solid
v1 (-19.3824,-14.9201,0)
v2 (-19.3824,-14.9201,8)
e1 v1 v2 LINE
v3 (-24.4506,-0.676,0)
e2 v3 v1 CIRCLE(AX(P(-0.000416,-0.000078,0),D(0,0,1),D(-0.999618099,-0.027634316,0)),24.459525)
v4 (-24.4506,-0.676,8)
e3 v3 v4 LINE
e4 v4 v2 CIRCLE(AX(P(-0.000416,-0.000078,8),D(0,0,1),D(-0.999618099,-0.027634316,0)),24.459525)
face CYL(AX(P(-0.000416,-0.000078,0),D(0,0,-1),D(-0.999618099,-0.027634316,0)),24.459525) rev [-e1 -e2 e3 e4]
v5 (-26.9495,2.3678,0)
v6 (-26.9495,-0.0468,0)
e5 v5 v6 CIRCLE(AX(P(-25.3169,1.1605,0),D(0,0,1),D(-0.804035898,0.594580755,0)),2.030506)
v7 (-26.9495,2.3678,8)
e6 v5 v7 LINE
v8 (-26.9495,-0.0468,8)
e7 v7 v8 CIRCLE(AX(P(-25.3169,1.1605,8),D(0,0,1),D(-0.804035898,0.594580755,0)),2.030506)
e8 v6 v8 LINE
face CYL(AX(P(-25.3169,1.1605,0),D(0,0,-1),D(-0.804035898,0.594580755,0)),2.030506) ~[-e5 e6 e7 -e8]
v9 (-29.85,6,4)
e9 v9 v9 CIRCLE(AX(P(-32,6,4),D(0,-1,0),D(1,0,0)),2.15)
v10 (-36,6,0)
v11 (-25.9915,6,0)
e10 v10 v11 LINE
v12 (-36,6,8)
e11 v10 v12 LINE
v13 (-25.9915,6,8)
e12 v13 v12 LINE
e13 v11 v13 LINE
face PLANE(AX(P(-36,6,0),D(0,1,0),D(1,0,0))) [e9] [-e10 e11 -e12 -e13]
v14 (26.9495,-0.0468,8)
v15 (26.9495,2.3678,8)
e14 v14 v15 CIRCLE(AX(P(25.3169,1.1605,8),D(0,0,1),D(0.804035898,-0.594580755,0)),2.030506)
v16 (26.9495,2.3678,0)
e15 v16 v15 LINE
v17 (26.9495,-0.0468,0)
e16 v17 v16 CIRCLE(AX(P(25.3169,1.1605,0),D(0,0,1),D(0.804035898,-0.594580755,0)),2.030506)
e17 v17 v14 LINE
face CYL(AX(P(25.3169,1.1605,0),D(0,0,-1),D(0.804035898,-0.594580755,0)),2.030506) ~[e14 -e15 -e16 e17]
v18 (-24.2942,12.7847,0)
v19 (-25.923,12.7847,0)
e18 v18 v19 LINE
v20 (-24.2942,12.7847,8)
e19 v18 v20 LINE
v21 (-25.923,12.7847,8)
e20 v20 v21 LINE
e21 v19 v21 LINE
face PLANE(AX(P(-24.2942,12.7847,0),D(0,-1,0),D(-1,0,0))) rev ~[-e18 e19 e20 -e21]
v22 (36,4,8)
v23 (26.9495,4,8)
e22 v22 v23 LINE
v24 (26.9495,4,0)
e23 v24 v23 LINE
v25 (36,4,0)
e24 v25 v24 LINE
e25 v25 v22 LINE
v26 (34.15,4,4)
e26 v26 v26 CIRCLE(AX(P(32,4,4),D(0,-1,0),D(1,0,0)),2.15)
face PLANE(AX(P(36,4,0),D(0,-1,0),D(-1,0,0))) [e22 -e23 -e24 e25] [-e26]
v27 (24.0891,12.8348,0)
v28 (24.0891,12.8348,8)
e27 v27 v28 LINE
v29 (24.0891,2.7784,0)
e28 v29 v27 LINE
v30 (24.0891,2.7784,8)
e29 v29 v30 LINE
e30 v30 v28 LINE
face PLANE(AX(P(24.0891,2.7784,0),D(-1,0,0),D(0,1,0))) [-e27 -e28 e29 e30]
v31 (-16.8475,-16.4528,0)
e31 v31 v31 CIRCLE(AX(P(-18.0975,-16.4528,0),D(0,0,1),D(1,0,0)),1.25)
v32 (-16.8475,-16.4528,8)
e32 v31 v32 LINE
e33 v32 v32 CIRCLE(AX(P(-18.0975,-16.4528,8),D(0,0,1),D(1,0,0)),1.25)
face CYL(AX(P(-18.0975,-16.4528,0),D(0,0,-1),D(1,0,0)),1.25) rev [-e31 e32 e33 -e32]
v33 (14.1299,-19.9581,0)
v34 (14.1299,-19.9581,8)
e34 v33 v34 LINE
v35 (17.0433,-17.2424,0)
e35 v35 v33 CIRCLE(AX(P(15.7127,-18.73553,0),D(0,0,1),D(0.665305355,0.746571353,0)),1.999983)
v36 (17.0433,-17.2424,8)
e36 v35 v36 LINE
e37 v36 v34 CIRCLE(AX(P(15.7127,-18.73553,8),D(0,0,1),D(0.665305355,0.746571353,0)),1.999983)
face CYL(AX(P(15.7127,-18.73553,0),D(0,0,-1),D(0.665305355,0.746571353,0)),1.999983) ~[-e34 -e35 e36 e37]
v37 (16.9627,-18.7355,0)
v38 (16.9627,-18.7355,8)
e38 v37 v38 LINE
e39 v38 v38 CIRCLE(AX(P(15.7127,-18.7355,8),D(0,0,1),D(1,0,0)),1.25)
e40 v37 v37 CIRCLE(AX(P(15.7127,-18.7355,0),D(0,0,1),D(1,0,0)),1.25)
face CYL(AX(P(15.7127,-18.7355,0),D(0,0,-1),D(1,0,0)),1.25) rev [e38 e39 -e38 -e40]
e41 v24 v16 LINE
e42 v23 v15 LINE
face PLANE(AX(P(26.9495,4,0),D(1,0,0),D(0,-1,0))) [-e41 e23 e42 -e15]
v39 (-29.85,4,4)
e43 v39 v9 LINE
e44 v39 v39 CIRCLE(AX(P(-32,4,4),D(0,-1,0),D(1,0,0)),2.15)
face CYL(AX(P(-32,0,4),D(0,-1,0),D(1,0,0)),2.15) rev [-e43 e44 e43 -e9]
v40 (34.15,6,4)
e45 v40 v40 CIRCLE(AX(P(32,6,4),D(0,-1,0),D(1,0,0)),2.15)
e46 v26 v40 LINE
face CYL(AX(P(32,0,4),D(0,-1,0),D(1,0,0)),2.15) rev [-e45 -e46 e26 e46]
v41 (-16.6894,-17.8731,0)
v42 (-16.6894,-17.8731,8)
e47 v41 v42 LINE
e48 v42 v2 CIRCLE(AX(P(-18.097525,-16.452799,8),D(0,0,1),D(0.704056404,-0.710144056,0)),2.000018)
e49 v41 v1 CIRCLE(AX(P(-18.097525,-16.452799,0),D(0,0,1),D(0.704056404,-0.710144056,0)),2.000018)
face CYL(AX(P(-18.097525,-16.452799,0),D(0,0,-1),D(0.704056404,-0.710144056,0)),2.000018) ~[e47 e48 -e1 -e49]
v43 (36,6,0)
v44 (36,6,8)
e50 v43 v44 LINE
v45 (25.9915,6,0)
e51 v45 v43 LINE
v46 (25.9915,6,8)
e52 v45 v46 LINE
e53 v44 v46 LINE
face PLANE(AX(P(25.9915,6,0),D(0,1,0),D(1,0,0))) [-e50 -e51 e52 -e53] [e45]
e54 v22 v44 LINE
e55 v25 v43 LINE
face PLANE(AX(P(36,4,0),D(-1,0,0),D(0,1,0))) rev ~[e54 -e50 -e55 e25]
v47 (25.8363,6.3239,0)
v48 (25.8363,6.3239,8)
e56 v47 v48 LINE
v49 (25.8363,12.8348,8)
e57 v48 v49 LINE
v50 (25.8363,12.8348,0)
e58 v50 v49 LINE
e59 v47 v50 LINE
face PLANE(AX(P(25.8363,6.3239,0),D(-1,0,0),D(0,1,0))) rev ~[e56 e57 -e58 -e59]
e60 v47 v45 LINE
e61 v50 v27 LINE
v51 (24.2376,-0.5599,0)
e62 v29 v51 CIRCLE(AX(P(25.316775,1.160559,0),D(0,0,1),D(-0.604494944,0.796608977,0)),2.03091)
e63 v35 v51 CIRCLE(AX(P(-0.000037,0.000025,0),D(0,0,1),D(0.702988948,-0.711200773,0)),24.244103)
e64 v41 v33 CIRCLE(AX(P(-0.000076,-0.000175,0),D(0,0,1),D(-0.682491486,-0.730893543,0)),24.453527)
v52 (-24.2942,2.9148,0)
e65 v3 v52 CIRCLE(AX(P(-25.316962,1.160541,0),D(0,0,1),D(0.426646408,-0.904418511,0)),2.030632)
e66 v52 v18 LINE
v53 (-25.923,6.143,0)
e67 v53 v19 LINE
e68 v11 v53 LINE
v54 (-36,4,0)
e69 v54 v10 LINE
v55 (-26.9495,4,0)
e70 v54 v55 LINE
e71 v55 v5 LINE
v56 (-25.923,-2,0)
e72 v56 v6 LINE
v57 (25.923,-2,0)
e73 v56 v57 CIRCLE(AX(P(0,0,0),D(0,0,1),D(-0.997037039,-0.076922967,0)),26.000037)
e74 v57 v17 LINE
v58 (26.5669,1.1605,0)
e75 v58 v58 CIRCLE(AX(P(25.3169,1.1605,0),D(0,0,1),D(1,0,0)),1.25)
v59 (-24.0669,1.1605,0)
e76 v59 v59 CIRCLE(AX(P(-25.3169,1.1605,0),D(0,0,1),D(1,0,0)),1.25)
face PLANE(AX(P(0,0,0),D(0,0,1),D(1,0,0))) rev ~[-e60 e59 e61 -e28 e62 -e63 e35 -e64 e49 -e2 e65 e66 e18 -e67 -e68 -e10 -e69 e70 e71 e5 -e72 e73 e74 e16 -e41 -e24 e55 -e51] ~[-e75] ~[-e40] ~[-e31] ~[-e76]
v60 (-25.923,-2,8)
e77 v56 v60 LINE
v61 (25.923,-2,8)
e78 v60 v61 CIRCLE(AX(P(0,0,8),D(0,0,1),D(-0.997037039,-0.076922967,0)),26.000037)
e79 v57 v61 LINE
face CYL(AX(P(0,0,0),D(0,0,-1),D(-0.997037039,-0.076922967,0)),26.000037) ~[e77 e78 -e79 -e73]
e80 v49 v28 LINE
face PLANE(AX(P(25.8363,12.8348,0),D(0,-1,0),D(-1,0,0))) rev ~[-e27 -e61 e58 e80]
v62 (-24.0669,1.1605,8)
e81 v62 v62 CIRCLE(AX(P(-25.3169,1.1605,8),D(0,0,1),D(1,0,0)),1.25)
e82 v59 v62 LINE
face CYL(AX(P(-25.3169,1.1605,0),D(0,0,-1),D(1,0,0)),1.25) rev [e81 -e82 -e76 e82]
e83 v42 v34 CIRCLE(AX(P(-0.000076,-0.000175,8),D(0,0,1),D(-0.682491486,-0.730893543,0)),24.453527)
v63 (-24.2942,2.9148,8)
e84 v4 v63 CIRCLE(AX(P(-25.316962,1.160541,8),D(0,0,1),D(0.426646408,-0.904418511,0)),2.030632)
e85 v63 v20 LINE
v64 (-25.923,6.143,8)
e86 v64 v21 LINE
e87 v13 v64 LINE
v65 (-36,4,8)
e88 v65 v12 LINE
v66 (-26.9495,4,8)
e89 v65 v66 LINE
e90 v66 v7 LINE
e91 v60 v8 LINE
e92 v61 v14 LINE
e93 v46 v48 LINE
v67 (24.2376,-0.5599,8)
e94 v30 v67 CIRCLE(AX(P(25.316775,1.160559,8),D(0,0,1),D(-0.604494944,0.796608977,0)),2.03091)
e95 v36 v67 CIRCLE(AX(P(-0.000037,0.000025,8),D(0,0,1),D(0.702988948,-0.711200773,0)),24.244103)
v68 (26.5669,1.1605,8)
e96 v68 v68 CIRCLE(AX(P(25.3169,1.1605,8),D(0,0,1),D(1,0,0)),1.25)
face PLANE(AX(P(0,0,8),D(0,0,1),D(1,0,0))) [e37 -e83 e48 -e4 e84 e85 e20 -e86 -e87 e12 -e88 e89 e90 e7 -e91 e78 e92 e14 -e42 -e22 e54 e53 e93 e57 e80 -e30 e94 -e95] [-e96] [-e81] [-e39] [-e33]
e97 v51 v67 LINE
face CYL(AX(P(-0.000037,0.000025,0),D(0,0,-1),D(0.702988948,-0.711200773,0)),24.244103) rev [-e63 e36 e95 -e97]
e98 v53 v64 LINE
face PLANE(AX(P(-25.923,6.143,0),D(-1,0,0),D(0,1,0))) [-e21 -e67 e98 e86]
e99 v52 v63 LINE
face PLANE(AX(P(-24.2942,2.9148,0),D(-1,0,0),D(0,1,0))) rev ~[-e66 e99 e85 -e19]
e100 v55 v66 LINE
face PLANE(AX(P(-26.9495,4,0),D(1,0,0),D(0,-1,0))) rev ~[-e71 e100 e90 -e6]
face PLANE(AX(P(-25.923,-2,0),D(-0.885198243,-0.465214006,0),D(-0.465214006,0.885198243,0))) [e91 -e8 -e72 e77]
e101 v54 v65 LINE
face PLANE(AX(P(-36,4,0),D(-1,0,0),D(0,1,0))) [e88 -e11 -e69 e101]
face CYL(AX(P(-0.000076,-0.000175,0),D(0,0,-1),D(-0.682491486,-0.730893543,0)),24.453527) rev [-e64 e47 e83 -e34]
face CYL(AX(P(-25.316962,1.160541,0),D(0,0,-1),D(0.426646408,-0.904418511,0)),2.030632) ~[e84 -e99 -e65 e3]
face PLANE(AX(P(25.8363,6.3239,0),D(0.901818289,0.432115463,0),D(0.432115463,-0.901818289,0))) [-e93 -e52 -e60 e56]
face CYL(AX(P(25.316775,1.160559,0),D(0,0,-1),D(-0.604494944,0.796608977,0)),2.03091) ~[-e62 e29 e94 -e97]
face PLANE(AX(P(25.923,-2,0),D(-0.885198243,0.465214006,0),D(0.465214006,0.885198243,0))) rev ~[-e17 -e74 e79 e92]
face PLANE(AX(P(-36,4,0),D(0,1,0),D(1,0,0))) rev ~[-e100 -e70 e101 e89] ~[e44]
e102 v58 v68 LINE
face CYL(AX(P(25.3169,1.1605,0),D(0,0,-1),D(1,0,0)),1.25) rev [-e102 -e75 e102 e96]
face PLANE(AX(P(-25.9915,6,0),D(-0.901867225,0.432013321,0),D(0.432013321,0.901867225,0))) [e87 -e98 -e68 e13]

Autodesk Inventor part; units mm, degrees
ref_plane "YZ Plane" through (0, 0, 0) normal (1, 0, 0) x (0, 1, 0)
ref_plane "XZ Plane" through (0, 0, 0) normal (0, 1, 0) x (-1, 0, 0)
ref_plane "XY Plane" through (0, 0, 0) normal (0, 0, 1) x (1, 0, 0)
sketch "Esquisse1" plane through (0, 0, 0) normal (0, 0, 1) x (1, 0, 0)
  line L0 (0, 0) -> (-27.546, -25.0426) construction
  line L1 (0, 0) -> (23.0277, -27.4577) construction
  circle A0 centre (-18.0975, -16.4528) radius 1.25
  circle A1 centre (15.7127, -18.7355) radius 1.25
  arc A2 (-16.6894, -17.8731) -> (14.1299, -19.9581) centre (0, 0) ccw
  arc A3 (-16.6894, -17.8731) -> (-19.3824, -14.9201) centre (-18.0975, -16.4528) ccw
  arc A4 (17.0433, -17.2424) -> (14.1299, -19.9581) centre (15.7127, -18.7355) ccw
  line L2 (0, 0) -> (-29.5508, 10.7556) construction
  line L3 (-17.8311, 0) -> (17.1748, 0) construction
  line L4 (0, 2.0526) -> (0, -2.2236) construction
  arc A5 (-25.923, -2) -> (25.923, -2) centre (0, 0) ccw
  circle A6 centre (0, 0) radius 22.5 construction
  arc A7 (-16.6894, -17.8731) -> (14.1299, -19.9581) centre (0, 0) ccw
  arc A8 (-16.6894, -17.8731) -> (14.1299, -19.9581) centre (0, 0) ccw
  circle A9 centre (-25.3169, 1.1605) radius 1.25
  circle A10 centre (25.3169, 1.1605) radius 1.25
  line L5 (24.0891, 2.7784) -> (24.0891, 12.8348)
  line L6 (25.8363, 12.8348) -> (24.0891, 12.8348)
  line L7 (-25.923, 6.143) -> (-25.923, 12.7847)
  line L8 (-24.2942, 2.9148) -> (-24.2942, 12.7847)
  line L9 (-24.2942, 12.7847) -> (-25.923, 12.7847)
  arc A11 (-24.4506, -0.676) -> (-19.3824, -14.9201) centre (0, 0) ccw
  arc A12 (-24.4506, -0.676) -> (-19.3824, -14.9201) centre (0, 0) ccw
  arc A13 (-24.4506, -0.676) -> (-24.2942, 2.9148) centre (-25.3169, 1.1605) ccw
  arc A14 (17.0433, -17.2424) -> (24.2376, -0.5599) centre (0, 0) ccw
  arc A15 (17.0433, -17.2424) -> (24.2376, -0.5599) centre (0, 0) ccw
  arc A16 (17.0433, -17.2424) -> (24.2376, -0.5599) centre (0, 0) ccw
  arc A17 (24.0891, 2.7784) -> (24.2376, -0.5599) centre (25.3169, 1.1605) ccw
  line L10 (25.8363, 3.0919) -> (25.8363, 3.124)
  line L11 (25.8363, 6.3239) -> (25.8363, 12.8348)
  line L12 (25.8363, 6.3239) -> (25.9915, 6)
  line L13 (-36, 4) -> (-26.9495, 4)
  line L14 (-36, 6) -> (-26, 6)
  line L15 (-36, 4) -> (-36, 6)
  line L16 (-26, 6) -> (-25.9915, 6)
  line L17 (-25.9915, 6) -> (-25.923, 6.143)
  line L18 (-26.9495, 4) -> (-26.9495, 2.3678)
  line L19 (-25.923, -2) -> (-26.9495, -0.0468)
  arc A18 (-26.9495, 2.3678) -> (-26.9495, -0.0468) centre (-25.3169, 1.1605) ccw
  arc A19 (-24.4506, -0.676) -> (-24.2942, 2.9148) centre (-25.3169, 1.1605) ccw
  line L20 (25.9915, 6) -> (25.923, 6.143)
  line L21 (36, 4) -> (26.9495, 4)
  line L22 (36, 6) -> (26, 6)
  line L23 (36, 4) -> (36, 6)
  line L24 (26.9495, 4) -> (26.9495, 2.3678)
  line L25 (25.923, -2) -> (26.9495, -0.0468)
  arc A20 (26.9495, -0.0468) -> (26.9495, 2.3678) centre (25.3169, 1.1605) ccw
  line L26 (25.9915, 6) -> (26, 6)
  point P0 (29.8237, -2)
  point P1 (-36, -2)
  point P2 (-26.3114, 9.5766)
  dimension "d35" = 2.5
  dimension "d36" = 2.5
  dimension "d37" = 4
  dimension "d38" = 4
  dimension "d39" = 20
  dimension "d52" = 45
  dimension "d65" = 2.5
  dimension "d81" = 10
ref_plane "Plan de construction1" through (-42, 0, 0) normal (0, 1, 0) x (1, 0, 0)
ref_plane "Plan de construction2" through (-36, 0, 0) normal (0, 1, 0) x (1, 0, 0)
sketch "Esquisse3" plane through (-36, 0, 0) normal (0, 1, 0) x (1, 0, 0)
  line L0 (0, 0) -> (10, 0) projected
  line L1 (0, 0) -> (0, -8) projected
  line L2 (10, -8) -> (0, -8) projected
  line L3 (10, 0) -> (10, -8) projected
  circle A0 centre (4, -4) radius 2.15
  line L4 (62, 0) -> (72, 0) projected
  line L5 (62, 0) -> (62, -8) projected
  line L6 (72, -8) -> (62, -8) projected
  line L7 (72, 0) -> (72, -8) projected
  circle A1 centre (68, -4) radius 2.15
  point P0 (36, 0)
  dimension "d48" = 4.3
  dimension "d73" = 4
  dimension "d74" = 4.3
  dimension "d75" = 4
extrude "Extrusion16" add sketch "Esquisse1" along normal blind 8
extrude "Extrusion17" cut sketch "Esquisse3" along normal blind 8 contours A0 | A1
properties part number "anneau2"
